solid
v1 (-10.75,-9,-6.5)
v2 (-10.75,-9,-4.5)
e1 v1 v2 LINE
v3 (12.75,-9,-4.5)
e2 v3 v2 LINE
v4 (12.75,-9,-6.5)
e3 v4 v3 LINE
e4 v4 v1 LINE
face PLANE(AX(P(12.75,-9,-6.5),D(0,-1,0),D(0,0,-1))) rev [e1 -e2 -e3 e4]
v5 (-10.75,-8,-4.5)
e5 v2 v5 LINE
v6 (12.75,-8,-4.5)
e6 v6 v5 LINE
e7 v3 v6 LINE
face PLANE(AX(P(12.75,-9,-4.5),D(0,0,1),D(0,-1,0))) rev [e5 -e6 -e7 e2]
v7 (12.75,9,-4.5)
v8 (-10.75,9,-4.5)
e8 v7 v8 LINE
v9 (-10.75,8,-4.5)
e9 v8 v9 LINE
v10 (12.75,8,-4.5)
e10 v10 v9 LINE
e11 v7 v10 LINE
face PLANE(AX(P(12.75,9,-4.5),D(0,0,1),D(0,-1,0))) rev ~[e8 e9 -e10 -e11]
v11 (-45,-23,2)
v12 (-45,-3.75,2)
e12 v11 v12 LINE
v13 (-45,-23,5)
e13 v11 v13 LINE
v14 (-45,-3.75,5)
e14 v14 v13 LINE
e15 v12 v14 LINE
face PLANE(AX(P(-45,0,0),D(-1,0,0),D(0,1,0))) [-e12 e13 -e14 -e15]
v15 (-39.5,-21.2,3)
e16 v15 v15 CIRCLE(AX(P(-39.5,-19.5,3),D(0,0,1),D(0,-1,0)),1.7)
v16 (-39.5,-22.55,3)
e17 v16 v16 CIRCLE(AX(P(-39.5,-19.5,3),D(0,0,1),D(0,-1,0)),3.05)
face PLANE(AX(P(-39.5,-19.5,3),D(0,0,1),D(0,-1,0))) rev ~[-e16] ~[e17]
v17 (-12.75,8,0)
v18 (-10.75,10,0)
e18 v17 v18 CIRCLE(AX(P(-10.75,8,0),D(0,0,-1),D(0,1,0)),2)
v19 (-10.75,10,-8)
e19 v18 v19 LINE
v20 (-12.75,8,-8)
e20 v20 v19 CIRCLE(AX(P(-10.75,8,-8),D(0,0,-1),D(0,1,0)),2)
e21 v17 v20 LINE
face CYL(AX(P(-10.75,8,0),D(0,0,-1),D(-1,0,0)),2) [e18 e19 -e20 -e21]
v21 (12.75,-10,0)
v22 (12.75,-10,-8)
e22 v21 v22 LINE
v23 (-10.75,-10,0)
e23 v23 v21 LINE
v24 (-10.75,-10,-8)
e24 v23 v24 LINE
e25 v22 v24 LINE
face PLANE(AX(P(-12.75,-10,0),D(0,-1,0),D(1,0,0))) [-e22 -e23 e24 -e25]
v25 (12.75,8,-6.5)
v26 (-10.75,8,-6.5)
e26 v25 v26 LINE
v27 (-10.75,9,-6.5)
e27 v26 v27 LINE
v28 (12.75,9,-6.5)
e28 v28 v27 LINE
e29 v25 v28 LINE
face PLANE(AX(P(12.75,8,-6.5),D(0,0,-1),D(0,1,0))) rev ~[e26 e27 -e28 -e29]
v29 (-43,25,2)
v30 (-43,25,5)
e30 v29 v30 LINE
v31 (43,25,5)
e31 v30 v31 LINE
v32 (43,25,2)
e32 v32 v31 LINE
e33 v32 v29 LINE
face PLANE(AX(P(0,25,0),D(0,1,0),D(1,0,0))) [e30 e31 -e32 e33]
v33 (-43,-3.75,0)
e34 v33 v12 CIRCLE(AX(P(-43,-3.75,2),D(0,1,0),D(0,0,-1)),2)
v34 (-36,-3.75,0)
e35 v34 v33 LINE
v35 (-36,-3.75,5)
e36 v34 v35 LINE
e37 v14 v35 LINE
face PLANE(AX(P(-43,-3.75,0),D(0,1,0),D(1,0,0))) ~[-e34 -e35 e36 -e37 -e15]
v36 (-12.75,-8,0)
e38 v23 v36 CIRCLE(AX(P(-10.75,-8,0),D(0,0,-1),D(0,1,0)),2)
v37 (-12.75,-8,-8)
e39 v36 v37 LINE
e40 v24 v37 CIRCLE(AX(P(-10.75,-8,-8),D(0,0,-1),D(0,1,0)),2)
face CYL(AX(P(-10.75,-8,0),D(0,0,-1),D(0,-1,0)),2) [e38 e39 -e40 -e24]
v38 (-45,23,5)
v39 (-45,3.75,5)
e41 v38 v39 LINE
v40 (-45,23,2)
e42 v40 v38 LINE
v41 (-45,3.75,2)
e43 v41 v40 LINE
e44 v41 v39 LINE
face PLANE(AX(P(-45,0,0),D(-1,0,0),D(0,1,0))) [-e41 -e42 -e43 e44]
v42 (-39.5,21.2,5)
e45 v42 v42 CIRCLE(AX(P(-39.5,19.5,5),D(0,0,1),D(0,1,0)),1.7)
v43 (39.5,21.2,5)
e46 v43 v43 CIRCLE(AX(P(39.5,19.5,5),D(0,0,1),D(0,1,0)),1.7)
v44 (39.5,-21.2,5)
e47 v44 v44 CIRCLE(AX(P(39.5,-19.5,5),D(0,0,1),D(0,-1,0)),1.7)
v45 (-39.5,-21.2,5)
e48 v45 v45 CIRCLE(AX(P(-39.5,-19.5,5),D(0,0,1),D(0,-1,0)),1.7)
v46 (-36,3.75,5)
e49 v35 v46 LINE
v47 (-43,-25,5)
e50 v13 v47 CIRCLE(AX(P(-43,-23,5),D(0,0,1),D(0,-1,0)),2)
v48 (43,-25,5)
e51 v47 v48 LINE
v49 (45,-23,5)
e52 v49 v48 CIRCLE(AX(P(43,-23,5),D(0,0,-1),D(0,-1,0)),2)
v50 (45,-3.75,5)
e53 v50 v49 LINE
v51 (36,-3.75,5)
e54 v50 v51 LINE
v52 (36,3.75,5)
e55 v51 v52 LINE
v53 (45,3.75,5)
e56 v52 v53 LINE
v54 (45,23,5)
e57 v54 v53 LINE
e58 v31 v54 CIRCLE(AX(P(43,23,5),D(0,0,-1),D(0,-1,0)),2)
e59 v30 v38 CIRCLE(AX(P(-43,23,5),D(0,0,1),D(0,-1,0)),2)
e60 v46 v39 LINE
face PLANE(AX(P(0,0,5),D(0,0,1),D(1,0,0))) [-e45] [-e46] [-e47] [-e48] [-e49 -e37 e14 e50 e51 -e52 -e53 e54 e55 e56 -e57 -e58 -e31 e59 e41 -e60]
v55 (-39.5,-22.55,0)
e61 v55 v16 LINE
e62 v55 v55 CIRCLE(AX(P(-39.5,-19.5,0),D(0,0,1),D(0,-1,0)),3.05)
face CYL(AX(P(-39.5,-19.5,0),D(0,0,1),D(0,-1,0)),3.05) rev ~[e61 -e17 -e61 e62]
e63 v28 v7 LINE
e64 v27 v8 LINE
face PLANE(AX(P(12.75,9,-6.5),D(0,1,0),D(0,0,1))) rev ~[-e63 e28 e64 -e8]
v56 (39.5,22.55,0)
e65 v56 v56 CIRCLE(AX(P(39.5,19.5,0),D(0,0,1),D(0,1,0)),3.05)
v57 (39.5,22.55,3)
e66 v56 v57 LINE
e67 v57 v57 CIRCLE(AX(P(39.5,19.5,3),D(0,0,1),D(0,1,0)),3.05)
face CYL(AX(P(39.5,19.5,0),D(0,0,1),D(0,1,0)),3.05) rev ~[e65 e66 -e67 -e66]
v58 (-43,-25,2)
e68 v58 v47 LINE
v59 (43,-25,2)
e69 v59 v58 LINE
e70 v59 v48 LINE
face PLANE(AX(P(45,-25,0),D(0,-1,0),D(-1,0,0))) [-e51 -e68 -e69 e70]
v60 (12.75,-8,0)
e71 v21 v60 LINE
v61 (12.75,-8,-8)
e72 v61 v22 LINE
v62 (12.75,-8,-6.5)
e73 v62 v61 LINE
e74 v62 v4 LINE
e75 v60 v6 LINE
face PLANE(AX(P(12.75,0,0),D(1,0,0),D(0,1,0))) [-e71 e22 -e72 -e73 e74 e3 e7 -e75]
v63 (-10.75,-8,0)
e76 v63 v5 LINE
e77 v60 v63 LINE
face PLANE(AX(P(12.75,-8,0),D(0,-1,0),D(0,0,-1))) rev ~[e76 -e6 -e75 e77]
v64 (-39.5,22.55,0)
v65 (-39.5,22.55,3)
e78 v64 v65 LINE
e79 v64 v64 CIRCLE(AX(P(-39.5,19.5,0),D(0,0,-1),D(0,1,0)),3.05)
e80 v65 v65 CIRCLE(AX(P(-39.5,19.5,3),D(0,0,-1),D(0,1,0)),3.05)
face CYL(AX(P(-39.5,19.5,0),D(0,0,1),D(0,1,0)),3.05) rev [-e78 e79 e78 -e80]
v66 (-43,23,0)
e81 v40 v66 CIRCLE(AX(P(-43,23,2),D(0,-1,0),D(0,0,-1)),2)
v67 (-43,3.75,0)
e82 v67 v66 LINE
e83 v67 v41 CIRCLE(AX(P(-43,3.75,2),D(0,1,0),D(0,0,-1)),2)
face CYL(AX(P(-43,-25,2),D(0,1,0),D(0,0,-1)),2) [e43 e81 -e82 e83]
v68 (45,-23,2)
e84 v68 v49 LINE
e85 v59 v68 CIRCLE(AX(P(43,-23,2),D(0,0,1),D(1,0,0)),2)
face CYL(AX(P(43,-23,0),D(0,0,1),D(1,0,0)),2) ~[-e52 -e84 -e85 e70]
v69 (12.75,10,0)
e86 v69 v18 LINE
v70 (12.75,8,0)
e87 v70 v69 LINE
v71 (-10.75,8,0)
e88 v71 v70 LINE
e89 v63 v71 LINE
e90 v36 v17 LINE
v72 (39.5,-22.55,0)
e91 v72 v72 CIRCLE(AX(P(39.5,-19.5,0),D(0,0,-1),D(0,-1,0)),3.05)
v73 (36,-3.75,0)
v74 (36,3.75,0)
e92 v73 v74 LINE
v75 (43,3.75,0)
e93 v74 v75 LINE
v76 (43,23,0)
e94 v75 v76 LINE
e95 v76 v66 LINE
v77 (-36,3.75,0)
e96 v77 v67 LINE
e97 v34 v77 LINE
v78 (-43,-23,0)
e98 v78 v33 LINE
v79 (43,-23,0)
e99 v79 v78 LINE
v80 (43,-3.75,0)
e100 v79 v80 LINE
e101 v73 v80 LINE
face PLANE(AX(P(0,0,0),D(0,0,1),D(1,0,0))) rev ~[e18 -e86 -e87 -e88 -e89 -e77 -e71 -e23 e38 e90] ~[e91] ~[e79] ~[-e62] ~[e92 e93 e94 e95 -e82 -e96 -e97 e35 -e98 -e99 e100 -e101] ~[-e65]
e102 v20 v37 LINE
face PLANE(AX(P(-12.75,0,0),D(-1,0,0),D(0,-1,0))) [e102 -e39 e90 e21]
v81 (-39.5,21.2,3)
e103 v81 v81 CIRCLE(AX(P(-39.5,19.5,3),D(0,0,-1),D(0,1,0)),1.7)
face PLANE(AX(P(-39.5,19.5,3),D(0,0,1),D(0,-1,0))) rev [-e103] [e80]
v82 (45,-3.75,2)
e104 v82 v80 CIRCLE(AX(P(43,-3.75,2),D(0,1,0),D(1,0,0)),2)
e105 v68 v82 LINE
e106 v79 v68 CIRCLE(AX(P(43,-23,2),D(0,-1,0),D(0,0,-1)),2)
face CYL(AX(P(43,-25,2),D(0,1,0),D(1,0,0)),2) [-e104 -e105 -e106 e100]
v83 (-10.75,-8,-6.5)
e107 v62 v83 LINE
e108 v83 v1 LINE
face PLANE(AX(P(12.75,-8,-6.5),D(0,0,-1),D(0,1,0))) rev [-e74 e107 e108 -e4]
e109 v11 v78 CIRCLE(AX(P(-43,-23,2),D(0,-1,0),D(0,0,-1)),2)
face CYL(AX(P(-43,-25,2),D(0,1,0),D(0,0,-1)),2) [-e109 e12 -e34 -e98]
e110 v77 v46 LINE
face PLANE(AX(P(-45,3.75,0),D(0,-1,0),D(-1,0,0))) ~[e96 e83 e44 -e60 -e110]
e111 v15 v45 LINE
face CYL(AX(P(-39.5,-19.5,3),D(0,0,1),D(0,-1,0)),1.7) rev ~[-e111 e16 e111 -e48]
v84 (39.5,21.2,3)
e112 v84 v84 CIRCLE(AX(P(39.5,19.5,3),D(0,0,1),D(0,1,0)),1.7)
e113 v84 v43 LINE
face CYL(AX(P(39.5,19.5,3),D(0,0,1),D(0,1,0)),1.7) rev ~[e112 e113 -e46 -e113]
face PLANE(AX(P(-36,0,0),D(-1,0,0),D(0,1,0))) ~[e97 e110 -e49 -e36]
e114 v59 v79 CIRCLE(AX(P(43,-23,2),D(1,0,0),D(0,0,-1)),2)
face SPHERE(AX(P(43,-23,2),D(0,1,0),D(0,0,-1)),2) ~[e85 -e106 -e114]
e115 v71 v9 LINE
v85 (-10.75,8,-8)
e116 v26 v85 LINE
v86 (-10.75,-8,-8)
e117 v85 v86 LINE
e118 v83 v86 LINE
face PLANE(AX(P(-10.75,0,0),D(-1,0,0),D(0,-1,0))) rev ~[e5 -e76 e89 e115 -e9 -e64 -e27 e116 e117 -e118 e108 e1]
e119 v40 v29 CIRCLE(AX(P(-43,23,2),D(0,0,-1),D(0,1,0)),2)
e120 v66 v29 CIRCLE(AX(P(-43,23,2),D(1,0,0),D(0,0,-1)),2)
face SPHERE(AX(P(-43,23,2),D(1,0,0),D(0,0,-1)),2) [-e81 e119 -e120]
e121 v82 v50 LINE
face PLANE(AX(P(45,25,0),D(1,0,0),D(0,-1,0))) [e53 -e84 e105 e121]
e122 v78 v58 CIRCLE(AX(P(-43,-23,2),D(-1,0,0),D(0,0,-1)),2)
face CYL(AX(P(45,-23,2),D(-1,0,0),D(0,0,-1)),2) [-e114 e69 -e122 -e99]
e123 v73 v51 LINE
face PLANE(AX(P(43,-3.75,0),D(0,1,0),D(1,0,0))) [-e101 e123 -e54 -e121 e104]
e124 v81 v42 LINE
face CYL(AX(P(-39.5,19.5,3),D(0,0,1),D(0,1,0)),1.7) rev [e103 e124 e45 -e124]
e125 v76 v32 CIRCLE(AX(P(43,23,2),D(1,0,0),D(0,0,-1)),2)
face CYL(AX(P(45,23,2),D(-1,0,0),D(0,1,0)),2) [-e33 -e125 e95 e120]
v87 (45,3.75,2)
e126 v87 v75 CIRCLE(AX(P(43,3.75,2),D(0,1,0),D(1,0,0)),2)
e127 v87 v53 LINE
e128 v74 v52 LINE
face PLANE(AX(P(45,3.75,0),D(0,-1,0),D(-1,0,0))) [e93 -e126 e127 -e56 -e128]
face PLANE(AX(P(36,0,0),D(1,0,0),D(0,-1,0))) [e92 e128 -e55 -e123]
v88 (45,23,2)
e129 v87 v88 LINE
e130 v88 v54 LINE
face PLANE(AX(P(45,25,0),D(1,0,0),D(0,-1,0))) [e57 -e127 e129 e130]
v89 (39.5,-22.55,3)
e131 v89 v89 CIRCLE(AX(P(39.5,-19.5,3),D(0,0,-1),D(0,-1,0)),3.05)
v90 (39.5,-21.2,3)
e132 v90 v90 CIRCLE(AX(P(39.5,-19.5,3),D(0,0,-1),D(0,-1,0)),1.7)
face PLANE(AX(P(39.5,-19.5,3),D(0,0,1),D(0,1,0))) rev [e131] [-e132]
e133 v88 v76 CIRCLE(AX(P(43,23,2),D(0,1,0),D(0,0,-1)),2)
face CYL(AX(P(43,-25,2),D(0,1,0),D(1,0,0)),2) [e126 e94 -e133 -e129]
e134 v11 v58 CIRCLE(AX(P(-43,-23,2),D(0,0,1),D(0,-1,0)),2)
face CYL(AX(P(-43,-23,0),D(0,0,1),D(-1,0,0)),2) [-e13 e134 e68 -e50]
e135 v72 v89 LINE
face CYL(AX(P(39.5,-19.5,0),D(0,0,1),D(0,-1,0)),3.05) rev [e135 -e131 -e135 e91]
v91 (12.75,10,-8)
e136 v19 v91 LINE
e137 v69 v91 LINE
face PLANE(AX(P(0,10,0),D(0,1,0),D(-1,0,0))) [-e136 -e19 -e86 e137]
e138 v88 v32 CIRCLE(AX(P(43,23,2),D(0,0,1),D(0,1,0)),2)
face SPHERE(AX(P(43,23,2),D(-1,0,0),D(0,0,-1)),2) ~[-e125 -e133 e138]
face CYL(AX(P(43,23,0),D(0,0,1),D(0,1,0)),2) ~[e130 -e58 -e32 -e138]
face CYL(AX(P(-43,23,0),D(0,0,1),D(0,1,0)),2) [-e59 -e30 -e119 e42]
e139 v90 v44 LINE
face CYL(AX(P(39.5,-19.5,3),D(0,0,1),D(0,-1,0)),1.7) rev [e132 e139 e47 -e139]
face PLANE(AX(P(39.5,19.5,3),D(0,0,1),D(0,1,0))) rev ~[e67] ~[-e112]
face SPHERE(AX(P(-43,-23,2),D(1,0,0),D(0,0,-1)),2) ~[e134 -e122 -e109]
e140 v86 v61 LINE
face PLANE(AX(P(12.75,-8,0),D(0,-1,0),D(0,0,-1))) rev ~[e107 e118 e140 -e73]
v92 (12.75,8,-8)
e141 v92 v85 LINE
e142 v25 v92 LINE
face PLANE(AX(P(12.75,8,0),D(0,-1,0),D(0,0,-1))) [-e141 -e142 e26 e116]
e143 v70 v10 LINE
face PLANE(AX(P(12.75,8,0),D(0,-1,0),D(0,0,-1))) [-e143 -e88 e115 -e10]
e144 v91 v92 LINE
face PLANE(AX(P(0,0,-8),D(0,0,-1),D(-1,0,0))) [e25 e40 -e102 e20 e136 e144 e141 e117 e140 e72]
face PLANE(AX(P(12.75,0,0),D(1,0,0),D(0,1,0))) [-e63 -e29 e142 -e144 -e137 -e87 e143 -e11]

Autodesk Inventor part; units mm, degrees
ref_plane "YZ Plane" through (0, 0, 0) normal (1, 0, 0) x (0, 1, 0)
ref_plane "XZ Plane" through (0, 0, 0) normal (0, 1, 0) x (-1, 0, 0)
ref_plane "XY Plane" through (0, 0, 0) normal (0, 0, 1) x (1, 0, 0)
sketch "Náčrt1" plane through (0, 0, 0) normal (0, 0, 1) x (1, 0, 0)
  line L0 (0, 35) -> (0, -35) projected
  line L1 (-63, 0) -> (63, 0) projected
  line L2 (-45, 25) -> (45, 25)
  line L3 (45, 25) -> (45, -25)
  line L4 (45, -25) -> (-45, -25)
  line L5 (-45, -25) -> (-45, 25)
  point P0 (0, 0)
  dimension "d0" = 90
  dimension "d1" = 50
extrude "Vysunutí1" add sketch "Náčrt1" along normal blind 5
sketch "Náčrt4" plane through (0, 0, 0) normal (0, 0, -1) x (-1, 0, 0)
  line L0 (45, 25) -> (45, -25) projected
  line L1 (-45, 25) -> (45, 25) projected
  line L2 (-45, -25) -> (-45, 25) projected
  line L3 (45, -25) -> (-45, -25) projected
  line L4 (0, -35) -> (0, 35) projected
  line L5 (-63, 0) -> (63, 0) projected
  point P0 (0, 0)
  point P1 (-39.5, 19.5)
  dimension "d13" = 5.5
  dimension "d14" = 5.5
hole "Díra1" at (39.5, 19.5, 0) direction (0, 0, 1) diameter 3.4 end through all counterbore diameter 6.1 counterbore depth 3 clearance for "Strojní šroub se zápustnou hlavou" size "M3" standard "Ansi M metrický profil"
mirror "Zrcadlit2" about plane through (0, 0, 0) normal (0, 1, 0) of "Díra1"
mirror "Zrcadlit3" about plane through (0, 0, 0) normal (1, 0, 0) of "Díra1", "Zrcadlit2"
fillet "Zaoblení2" radius 2 8 edges at (0, 25, 0) (45, 0, 0) (45, 25, 2.5) (0, -25, 0) (45, -25, 2.5) (-45, 0, 0) (-45, -25, 2.5) (-45, 25, 2.5)
sketch "Náčrt6" plane through (0, 0, 0) normal (0, 0, -1) x (-1, 0, 0)
  circle A0 centre (-39.5, 19.5) radius 3.05 projected
  circle A1 centre (-39.5, -19.5) radius 3.05 projected
  circle A2 centre (39.5, 19.5) radius 3.05 projected
  circle A3 centre (39.5, -19.5) radius 3.05 projected
  line L0 (43, -23) -> (-43, -23) projected
  line L1 (43, 23) -> (43, -23) projected
  line L2 (-43, 23) -> (43, 23) projected
  line L3 (-43, -23) -> (-43, 23) projected
  line L4 (-43, 23) -> (-45, 23) projected
  line L5 (-45, 23) -> (-45, -23) projected
  line L6 (-45, -23) -> (-43, -23) projected
  line L7 (-43, -23) -> (-43, 23) projected
  line L8 (-45, 3.75) -> (-36, 3.75)
  line L9 (-36, 3.75) -> (-36, -3.75)
  line L10 (-36, -3.75) -> (-45, -3.75)
  line L11 (-45, -3.75) -> (-45, 3.75)
  line L12 (-63, 0) -> (63, 0) projected
  point P0 (0, 0)
  dimension "d23" = 9
  dimension "d24" = 7.5
extrude "Vysunutí4" cut sketch "Náčrt6" against normal through all contours L10 L5 L12 L3 | L3 L12 L9 L10 | L12 L3 L8 L9 | L12 L5 L8 L3
mirror "Zrcadlit4" about plane through (0, 0, 0) normal (1, 0, 0) of "Vysunutí4"
sketch "Náčrt7" plane through (0, 0, 0) normal (0, 0, -1) x (-1, 0, 0)
  circle A0 centre (39.5, -19.5) radius 3.05 projected
  circle A1 centre (39.5, 19.5) radius 3.05 projected
  circle A2 centre (-39.5, -19.5) radius 3.05 projected
  circle A3 centre (-39.5, 19.5) radius 3.05 projected
  line L0 (43, -3.75) -> (36, -3.75) projected
  line L1 (36, -3.75) -> (36, 3.75) projected
  line L2 (36, 3.75) -> (43, 3.75) projected
  line L3 (43, 23) -> (43, 3.75) projected
  line L4 (-43, 23) -> (43, 23) projected
  line L5 (-43, 3.75) -> (-43, 23) projected
  line L6 (-43, 3.75) -> (-36, 3.75) projected
  line L7 (-36, 3.75) -> (-36, -3.75) projected
  line L8 (-36, -3.75) -> (-43, -3.75) projected
  line L9 (-43, -23) -> (-43, -3.75) projected
  line L10 (43, -23) -> (-43, -23) projected
  line L11 (43, -3.75) -> (43, -23) projected
  line L12 (43, 25) -> (-43, 25) projected
  line L13 (-43, -25) -> (43, -25) projected
  line L14 (-45, -3.75) -> (-45, -23) projected
  line L15 (45, -23) -> (45, -3.75) projected
  line L16 (45, 3.75) -> (45, 23) projected
  line L17 (-45, 23) -> (-45, 3.75) projected
  line L18 (0, -35) -> (0, 35) projected
  line L19 (-63, 0) -> (63, 0) projected
  line L20 (-12.75, 10) -> (12.75, 10)
  line L21 (12.75, 10) -> (12.75, -10)
  line L22 (12.75, -10) -> (-12.75, -10)
  line L23 (-12.75, -10) -> (-12.75, 10)
  line L24 (-10.75, 8) -> (10.75, 8)
  line L25 (10.75, 8) -> (10.75, -8)
  line L26 (10.75, -8) -> (-10.75, -8)
  line L27 (-10.75, -8) -> (-10.75, 8)
  line L28 (0, -8) -> (12.75, -8)
  line L29 (12.75, -8) -> (12.75, -10)
  line L30 (12.75, -10) -> (0, -10)
  line L31 (0, -10) -> (0, -8)
  line L32 (10.75, 0) -> (12.75, 0)
  line L33 (12.75, 0) -> (12.75, -10)
  line L34 (12.75, -10) -> (10.75, -10)
  line L35 (10.75, -10) -> (10.75, 0)
  point P0 (0, 0)
  dimension "d27" = 20
  dimension "d28" = 25.5
  dimension "d29" = 21.5
  dimension "d30" = 16
extrude "Vysunutí5" add sketch "Náčrt7" along normal blind 8 contours L21 L28 L25 L19 | L19 L25 L24 L18 L20 L21 | L22 L23 L19 L27 L26 L18 | L18 L26 L35 L22 | L21 L22 L35 L28 | L18 L24 L27 L19 L23 L20
sketch "Náčrt8" plane through (12.75, -10, 0) normal (1, 0, 0) x (0, 0, -1)
  line L0 (0, 2) -> (0, 18) projected
  line L1 (0, 2) -> (8, 2) projected
  line L2 (8, 18) -> (8, 2) projected
  line L3 (0, 18) -> (8, 18) projected
  line L4 (8, 18) -> (0, 18)
  line L5 (0, 18) -> (0, 2)
  line L6 (0, 2) -> (8, 2)
  line L7 (8, 2) -> (8, 18)
  point P0 (0, 10)
extrude "Vysunutí6" cut sketch "Náčrt8" against normal up to surface (2 mm away)
sketch "Náčrt9" plane through (12.75, 8, 0) normal (1, 0, 0) x (0, 0, -1)
  line L0 (8, -16) -> (0, -16) projected
  line L1 (0, -18) -> (0, -16) projected
  line L2 (0, -18) -> (8, -18) projected
  line L3 (8, -16) -> (8, -18) projected
  line L4 (0, 0) -> (8, 0) projected
  line L5 (8, 2) -> (8, 0) projected
  line L6 (0, 2) -> (8, 2) projected
  line L7 (0, 0) -> (0, 2) projected
  line L8 (4.5, 0) -> (6.5, 0)
  line L9 (6.5, 0) -> (6.5, 1)
  line L10 (6.5, 1) -> (4.5, 1)
  line L11 (4.5, 1) -> (4.5, 0)
  line L12 (-7.6, -8) -> (10.6, -8) projected
  point P0 (0, -8)
  dimension "d35" = 1
  dimension "d36" = 2
  dimension "d37" = 1.5
extrude "Vysunutí7" cut sketch "Náčrt9" against normal up to surface (23.5 mm away) contours L11 L10 L9 L4
mirror "Zrcadlit5" about plane through (0, 0, 0) normal (0, 1, 0) of "Vysunutí7"
fillet "Zaoblení3" radius 2 2 edges at (-12.75, 10, -4) (-12.75, -10, -4)
properties part number "tcs3200_gate_lid_3D tisk"
